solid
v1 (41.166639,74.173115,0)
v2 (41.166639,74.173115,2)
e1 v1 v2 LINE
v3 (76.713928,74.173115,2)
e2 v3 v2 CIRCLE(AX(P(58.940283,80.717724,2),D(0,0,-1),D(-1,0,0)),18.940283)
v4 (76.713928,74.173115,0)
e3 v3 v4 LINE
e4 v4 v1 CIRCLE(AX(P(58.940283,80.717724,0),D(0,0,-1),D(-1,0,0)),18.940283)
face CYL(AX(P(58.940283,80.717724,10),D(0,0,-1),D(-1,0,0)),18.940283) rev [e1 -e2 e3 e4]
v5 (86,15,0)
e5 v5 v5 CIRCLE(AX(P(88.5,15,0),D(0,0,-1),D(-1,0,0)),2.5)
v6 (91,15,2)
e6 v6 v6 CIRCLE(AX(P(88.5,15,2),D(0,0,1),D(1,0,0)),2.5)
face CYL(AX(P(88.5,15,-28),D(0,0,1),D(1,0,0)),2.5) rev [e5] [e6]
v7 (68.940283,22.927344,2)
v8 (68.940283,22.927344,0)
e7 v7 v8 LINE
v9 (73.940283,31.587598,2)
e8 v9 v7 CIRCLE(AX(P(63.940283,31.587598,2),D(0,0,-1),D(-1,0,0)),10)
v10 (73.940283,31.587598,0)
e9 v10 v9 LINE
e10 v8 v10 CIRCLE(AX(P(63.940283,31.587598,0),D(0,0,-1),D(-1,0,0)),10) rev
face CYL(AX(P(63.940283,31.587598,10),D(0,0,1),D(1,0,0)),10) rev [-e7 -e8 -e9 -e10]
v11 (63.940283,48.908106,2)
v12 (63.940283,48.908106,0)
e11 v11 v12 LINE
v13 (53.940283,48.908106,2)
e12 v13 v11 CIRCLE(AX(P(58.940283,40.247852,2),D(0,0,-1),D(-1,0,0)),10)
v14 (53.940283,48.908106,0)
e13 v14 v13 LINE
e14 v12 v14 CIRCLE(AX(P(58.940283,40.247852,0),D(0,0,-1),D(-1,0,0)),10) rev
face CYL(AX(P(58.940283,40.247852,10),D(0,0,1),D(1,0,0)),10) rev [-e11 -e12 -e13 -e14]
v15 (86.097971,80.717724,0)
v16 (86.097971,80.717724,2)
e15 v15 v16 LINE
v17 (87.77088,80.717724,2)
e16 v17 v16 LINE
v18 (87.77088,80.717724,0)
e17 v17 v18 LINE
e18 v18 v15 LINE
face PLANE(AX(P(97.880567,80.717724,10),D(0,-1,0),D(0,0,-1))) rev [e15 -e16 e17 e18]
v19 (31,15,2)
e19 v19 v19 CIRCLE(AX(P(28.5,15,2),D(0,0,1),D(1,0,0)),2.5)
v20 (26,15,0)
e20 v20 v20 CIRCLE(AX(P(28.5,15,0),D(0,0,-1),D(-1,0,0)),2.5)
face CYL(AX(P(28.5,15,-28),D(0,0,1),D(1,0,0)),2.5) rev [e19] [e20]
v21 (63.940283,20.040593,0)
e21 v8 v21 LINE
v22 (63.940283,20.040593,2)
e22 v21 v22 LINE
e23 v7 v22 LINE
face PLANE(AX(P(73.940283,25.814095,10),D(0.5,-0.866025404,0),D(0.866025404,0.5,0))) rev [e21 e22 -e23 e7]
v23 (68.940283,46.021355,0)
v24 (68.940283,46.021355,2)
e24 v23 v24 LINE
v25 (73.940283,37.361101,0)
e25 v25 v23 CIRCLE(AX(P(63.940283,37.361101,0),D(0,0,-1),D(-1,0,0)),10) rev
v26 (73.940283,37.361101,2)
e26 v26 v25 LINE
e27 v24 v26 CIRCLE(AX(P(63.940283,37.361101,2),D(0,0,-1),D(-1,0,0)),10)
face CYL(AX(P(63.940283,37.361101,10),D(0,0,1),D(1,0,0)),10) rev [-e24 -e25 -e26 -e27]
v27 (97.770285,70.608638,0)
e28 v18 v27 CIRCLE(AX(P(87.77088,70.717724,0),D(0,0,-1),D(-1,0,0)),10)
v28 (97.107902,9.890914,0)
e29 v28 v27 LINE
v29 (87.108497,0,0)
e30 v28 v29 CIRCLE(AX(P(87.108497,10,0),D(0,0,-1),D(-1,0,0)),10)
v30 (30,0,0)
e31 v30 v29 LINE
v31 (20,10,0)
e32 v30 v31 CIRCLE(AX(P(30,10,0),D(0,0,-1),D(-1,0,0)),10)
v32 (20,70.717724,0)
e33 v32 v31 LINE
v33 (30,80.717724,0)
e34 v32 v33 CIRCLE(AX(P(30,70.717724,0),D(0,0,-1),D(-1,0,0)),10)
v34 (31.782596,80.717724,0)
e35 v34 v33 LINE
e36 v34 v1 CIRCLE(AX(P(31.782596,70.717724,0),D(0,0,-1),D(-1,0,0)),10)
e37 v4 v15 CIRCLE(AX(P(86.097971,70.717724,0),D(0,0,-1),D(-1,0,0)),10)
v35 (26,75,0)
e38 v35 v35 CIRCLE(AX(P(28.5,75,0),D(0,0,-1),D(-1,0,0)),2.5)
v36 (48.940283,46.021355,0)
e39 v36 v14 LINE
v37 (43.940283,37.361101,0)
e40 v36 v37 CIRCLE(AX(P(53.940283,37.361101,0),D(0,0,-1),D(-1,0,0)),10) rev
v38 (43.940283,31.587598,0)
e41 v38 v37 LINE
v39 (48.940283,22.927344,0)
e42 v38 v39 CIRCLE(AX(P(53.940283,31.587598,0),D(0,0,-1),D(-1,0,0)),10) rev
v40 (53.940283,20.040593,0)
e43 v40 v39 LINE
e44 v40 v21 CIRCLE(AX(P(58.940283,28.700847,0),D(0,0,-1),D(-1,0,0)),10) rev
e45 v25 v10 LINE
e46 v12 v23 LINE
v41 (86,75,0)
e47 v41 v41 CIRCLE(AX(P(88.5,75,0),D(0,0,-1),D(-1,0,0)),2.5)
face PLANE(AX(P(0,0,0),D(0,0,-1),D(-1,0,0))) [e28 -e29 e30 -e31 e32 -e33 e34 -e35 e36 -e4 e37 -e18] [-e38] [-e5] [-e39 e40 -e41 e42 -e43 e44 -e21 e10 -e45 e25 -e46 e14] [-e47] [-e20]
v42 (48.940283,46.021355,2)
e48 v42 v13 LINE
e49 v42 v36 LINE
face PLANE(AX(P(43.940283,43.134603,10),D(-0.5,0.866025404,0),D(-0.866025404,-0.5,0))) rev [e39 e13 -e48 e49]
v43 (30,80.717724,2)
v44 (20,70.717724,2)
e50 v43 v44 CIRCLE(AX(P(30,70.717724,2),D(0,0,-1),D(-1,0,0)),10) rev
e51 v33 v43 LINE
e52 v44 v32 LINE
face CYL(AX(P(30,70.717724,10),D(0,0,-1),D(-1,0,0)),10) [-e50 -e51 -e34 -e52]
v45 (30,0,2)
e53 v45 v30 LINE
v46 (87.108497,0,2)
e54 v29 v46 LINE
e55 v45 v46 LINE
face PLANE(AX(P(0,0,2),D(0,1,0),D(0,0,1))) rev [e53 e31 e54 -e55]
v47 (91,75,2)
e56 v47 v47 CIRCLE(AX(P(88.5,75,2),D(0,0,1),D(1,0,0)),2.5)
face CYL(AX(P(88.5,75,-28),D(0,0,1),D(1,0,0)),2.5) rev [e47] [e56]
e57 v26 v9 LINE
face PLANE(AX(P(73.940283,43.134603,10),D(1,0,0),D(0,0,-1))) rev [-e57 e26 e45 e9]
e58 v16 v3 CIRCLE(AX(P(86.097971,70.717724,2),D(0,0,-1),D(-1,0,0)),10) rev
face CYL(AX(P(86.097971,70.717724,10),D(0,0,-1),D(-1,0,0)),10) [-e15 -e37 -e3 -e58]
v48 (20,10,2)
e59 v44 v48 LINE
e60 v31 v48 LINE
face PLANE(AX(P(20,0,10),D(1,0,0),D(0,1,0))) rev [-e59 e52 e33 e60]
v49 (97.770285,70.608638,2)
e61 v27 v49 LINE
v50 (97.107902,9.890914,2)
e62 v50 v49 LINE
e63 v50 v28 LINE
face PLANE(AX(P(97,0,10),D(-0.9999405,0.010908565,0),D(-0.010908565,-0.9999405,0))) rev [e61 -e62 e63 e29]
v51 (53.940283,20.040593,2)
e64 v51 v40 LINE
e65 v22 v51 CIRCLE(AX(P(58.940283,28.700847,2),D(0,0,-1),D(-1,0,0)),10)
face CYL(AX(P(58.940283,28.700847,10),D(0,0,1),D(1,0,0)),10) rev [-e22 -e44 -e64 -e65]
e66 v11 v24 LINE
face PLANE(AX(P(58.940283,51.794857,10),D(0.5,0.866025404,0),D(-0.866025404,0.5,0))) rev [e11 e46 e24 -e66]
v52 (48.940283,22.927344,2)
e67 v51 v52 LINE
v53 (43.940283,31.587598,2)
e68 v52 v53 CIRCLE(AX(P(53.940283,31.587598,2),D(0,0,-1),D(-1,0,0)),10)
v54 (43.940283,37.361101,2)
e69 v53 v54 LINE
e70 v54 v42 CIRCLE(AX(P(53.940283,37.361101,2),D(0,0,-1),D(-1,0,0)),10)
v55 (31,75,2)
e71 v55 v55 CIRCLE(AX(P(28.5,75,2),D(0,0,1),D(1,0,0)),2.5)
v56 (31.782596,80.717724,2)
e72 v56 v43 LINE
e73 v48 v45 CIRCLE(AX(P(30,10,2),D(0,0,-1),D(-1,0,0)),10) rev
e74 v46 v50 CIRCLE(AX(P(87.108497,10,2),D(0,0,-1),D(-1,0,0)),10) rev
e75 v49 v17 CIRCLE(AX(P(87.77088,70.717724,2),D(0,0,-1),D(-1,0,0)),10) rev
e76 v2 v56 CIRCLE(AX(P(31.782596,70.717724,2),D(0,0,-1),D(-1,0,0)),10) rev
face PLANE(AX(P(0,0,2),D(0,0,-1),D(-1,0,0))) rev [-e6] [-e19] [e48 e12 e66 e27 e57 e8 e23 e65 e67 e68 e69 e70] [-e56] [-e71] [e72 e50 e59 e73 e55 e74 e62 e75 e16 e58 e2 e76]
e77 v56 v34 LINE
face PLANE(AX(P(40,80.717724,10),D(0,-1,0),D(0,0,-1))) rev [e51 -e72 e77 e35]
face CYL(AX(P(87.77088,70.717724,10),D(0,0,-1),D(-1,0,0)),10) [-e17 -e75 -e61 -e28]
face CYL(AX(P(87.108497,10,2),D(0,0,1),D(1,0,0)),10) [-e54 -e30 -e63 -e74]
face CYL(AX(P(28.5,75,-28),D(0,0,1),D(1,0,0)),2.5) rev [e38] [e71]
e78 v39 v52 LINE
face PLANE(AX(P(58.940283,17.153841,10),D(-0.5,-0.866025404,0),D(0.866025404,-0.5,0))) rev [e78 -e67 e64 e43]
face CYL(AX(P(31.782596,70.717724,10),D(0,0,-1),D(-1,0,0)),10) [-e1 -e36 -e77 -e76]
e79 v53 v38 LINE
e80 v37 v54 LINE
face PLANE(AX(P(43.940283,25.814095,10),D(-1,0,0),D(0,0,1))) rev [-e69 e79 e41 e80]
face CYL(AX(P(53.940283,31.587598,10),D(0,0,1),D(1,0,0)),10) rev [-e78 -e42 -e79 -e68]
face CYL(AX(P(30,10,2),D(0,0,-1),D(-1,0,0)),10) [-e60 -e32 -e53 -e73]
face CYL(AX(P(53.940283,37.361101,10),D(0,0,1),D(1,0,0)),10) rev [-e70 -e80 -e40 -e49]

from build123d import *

# Parameters (mm, degrees)
SKETCH1_W           = 117
SKETCH1_H           = 200
BOSS_EXTRUDE1_DEPTH = 2
CUT_EXTRUDE1_DEPTH  = 2
SKETCH3_R           = 2.5
SKETCH3_R_2         = 1.5
SKETCH3_R_3         = 12.5
CUT_EXTRUDE2_DEPTH  = 30
FILLET1_R           = 20
CUT_EXTRUDE3_DEPTH  = 10
FILLET2_R           = 10
CUT_EXTRUDE4_DEPTH  = 10
FILLET3_R           = 10
CUT_EXTRUDE5_DEPTH  = 10
FILLET4_R           = 10


with BuildPart() as part:
    # Sketch1 → Boss-Extrude1 (new body)
    with BuildSketch(Plane.XY):
        with Locations((58.5, 100)):
            Rectangle(SKETCH1_W, SKETCH1_H)
    extrude(amount=BOSS_EXTRUDE1_DEPTH)

    # Sketch2 → Cut-Extrude1 (cut)
    with BuildSketch(Plane.XY.offset(2)):
        Polygon((0, 120), (40, 200), (0, 200), align=None)
        Polygon((77, 200), (117, 120), (117, 200), align=None)
    extrude(amount=-CUT_EXTRUDE1_DEPTH, mode=Mode.SUBTRACT)

    # Sketch3 → Cut-Extrude2 (cut)
    with BuildSketch(Plane.XY.offset(2)):
        with Locations((58.5, 170)):
            Circle(SKETCH3_R)
        with Locations((58.5, 150)):
            Circle(SKETCH3_R)
        with Locations((28.5, 15)):
            Circle(SKETCH3_R)
        with Locations((88.5, 15)):
            Circle(SKETCH3_R)
        with Locations((28.5, 75)):
            Circle(SKETCH3_R)
        with Locations((88.5, 75)):
            Circle(SKETCH3_R)
        with Locations((43, 112.5)):
            Circle(SKETCH3_R_2)
        with Locations((43, 81.5)):
            Circle(SKETCH3_R_2)
        with Locations((74, 81.5)):
            Circle(SKETCH3_R_2)
        with Locations((74, 112.5)):
            Circle(SKETCH3_R_2)
        with Locations((58.5, 97)):
            Circle(SKETCH3_R_3)
    extrude(amount=-CUT_EXTRUDE2_DEPTH, mode=Mode.SUBTRACT)

    # Fillet1
    fillet1_edges = [part.edges().sort_by_distance(p)[0] for p in [
        (0, 120, 1),
        (40, 200, 1),
        (117, 120, 1),
        (77, 200, 1),
        (117, 0, 1),
        (0, 0, 1),
    ]]
    fillet(fillet1_edges, radius=FILLET1_R)

    # Sketch4 → Cut-Extrude3 (cut)
    with BuildSketch(Plane(origin=(0, 0, 0), x_dir=(-1, 0, 0), z_dir=(0, 0, -1))):
        with BuildLine():
            Line((-97, 0), (-98.708203932, 156.583592135))
            Line((-98.708203932, 156.583592135), (-114.88854382, 124.22291236))
            ThreePointArc((-114.88854382, 124.22291236), (-116.464979789, 119.873698861), (-117, 115.27864045))
            Line((-117, 115.27864045), (-117, 20))
            ThreePointArc((-117, 20), (-111.142135624, 5.857864376), (-97, 0))
        make_face()
        with BuildLine():
            Line((-20, 0), (-20, 160))
            Line((-20, 160), (-18.291796068, 156.583592135))
            Line((-18.291796068, 156.583592135), (-2.11145618, 124.22291236))
            ThreePointArc((-2.11145618, 124.22291236), (-0.535020211, 119.873698861), (0, 115.27864045))
            Line((0, 115.27864045), (0, 20))
            ThreePointArc((0, 20), (-5.857864376, 5.857864376), (-20, 0))
        make_face()
    extrude(amount=-CUT_EXTRUDE3_DEPTH, mode=Mode.SUBTRACT)

    # Fillet2
    fillet2_edges = [part.edges().sort_by_distance(p)[0] for p in [
        (97, 0, 1),
        (20, 0, 1),
        (98.708203932, 156.583592135, 1),
        (20, 160, 1),
    ]]
    fillet(fillet2_edges, radius=FILLET2_R)

    # Sketch5 → Cut-Extrude4 (cut)
    with BuildSketch(Plane(origin=(0, 0, 0), x_dir=(-1, 0, 0), z_dir=(0, 0, -1))):
        with BuildLine():
            Line((-97.880566934, 80.717724073), (-77.880566934, 80.717724073))
            ThreePointArc((-77.880566934, 80.717724073), (-58.940283467, 61.777440606), (-40, 80.717724073))
            Line((-40, 80.717724073), (-20, 80.717724073))
            Line((-20, 80.717724073), (-20, 83.819660113))
            Line((-20, 83.819660113), (-20, 157.639320225))
            ThreePointArc((-20, 157.639320225), (-20.267510105, 159.93684943), (-21.05572809, 162.11145618))
            Line((-21.05572809, 162.11145618), (-34.472135955, 188.94427191))
            ThreePointArc((-34.472135955, 188.94427191), (-41.846057533, 197.013016167), (-52.360679775, 200))
            Line((-52.360679775, 200), (-64.639320225, 200))
            ThreePointArc((-64.639320225, 200), (-75.153942467, 197.013016167), (-82.527864045, 188.94427191))
            Line((-82.527864045, 188.94427191), (-97.626690246, 158.746619509))
            ThreePointArc((-97.626690246, 158.746619509), (-98.427295018, 156.518894044), (-98.681823334, 154.165397904))
            Line((-98.681823334, 154.165397904), (-97.894862718, 82.028156127))
            Line((-97.894862718, 82.028156127), (-97.880566934, 80.717724073))
        make_face()
    extrude(amount=-CUT_EXTRUDE4_DEPTH, mode=Mode.SUBTRACT)

    # Fillet3
    fillet3_edges = [part.edges().sort_by_distance(p)[0] for p in [
        (40, 80.717724073, 1),
        (77.880566934, 80.717724073, 1),
        (20, 80.717724073, 1),
        (97.880566934, 80.717724073, 1),
    ]]
    fillet(fillet3_edges, radius=FILLET3_R)

    # Sketch6 → Cut-Extrude5 (cut)
    with BuildSketch(Plane(origin=(0, 0, 0), x_dir=(-1, 0, 0), z_dir=(0, 0, -1))):
        Polygon((-58.940283467, 51.794857369), (-73.940283467, 43.134603332), (-73.940283467, 25.814095256), (-58.940283467, 17.153841218), (-43.940283467, 25.814095256), (-43.940283467, 43.134603332), align=None)
    extrude(amount=-CUT_EXTRUDE5_DEPTH, mode=Mode.SUBTRACT)

    # Fillet4
    fillet4_edges = [part.edges().sort_by_distance(p)[0] for p in [
        (58.940283467, 51.794857369, 1),
        (43.940283467, 43.134603332, 1),
        (43.940283467, 25.814095256, 1),
        (58.940283467, 17.153841218, 1),
        (73.940283467, 25.814095256, 1),
        (73.940283467, 43.134603332, 1),
    ]]
    fillet(fillet4_edges, radius=FILLET4_R)


solid = part.part
